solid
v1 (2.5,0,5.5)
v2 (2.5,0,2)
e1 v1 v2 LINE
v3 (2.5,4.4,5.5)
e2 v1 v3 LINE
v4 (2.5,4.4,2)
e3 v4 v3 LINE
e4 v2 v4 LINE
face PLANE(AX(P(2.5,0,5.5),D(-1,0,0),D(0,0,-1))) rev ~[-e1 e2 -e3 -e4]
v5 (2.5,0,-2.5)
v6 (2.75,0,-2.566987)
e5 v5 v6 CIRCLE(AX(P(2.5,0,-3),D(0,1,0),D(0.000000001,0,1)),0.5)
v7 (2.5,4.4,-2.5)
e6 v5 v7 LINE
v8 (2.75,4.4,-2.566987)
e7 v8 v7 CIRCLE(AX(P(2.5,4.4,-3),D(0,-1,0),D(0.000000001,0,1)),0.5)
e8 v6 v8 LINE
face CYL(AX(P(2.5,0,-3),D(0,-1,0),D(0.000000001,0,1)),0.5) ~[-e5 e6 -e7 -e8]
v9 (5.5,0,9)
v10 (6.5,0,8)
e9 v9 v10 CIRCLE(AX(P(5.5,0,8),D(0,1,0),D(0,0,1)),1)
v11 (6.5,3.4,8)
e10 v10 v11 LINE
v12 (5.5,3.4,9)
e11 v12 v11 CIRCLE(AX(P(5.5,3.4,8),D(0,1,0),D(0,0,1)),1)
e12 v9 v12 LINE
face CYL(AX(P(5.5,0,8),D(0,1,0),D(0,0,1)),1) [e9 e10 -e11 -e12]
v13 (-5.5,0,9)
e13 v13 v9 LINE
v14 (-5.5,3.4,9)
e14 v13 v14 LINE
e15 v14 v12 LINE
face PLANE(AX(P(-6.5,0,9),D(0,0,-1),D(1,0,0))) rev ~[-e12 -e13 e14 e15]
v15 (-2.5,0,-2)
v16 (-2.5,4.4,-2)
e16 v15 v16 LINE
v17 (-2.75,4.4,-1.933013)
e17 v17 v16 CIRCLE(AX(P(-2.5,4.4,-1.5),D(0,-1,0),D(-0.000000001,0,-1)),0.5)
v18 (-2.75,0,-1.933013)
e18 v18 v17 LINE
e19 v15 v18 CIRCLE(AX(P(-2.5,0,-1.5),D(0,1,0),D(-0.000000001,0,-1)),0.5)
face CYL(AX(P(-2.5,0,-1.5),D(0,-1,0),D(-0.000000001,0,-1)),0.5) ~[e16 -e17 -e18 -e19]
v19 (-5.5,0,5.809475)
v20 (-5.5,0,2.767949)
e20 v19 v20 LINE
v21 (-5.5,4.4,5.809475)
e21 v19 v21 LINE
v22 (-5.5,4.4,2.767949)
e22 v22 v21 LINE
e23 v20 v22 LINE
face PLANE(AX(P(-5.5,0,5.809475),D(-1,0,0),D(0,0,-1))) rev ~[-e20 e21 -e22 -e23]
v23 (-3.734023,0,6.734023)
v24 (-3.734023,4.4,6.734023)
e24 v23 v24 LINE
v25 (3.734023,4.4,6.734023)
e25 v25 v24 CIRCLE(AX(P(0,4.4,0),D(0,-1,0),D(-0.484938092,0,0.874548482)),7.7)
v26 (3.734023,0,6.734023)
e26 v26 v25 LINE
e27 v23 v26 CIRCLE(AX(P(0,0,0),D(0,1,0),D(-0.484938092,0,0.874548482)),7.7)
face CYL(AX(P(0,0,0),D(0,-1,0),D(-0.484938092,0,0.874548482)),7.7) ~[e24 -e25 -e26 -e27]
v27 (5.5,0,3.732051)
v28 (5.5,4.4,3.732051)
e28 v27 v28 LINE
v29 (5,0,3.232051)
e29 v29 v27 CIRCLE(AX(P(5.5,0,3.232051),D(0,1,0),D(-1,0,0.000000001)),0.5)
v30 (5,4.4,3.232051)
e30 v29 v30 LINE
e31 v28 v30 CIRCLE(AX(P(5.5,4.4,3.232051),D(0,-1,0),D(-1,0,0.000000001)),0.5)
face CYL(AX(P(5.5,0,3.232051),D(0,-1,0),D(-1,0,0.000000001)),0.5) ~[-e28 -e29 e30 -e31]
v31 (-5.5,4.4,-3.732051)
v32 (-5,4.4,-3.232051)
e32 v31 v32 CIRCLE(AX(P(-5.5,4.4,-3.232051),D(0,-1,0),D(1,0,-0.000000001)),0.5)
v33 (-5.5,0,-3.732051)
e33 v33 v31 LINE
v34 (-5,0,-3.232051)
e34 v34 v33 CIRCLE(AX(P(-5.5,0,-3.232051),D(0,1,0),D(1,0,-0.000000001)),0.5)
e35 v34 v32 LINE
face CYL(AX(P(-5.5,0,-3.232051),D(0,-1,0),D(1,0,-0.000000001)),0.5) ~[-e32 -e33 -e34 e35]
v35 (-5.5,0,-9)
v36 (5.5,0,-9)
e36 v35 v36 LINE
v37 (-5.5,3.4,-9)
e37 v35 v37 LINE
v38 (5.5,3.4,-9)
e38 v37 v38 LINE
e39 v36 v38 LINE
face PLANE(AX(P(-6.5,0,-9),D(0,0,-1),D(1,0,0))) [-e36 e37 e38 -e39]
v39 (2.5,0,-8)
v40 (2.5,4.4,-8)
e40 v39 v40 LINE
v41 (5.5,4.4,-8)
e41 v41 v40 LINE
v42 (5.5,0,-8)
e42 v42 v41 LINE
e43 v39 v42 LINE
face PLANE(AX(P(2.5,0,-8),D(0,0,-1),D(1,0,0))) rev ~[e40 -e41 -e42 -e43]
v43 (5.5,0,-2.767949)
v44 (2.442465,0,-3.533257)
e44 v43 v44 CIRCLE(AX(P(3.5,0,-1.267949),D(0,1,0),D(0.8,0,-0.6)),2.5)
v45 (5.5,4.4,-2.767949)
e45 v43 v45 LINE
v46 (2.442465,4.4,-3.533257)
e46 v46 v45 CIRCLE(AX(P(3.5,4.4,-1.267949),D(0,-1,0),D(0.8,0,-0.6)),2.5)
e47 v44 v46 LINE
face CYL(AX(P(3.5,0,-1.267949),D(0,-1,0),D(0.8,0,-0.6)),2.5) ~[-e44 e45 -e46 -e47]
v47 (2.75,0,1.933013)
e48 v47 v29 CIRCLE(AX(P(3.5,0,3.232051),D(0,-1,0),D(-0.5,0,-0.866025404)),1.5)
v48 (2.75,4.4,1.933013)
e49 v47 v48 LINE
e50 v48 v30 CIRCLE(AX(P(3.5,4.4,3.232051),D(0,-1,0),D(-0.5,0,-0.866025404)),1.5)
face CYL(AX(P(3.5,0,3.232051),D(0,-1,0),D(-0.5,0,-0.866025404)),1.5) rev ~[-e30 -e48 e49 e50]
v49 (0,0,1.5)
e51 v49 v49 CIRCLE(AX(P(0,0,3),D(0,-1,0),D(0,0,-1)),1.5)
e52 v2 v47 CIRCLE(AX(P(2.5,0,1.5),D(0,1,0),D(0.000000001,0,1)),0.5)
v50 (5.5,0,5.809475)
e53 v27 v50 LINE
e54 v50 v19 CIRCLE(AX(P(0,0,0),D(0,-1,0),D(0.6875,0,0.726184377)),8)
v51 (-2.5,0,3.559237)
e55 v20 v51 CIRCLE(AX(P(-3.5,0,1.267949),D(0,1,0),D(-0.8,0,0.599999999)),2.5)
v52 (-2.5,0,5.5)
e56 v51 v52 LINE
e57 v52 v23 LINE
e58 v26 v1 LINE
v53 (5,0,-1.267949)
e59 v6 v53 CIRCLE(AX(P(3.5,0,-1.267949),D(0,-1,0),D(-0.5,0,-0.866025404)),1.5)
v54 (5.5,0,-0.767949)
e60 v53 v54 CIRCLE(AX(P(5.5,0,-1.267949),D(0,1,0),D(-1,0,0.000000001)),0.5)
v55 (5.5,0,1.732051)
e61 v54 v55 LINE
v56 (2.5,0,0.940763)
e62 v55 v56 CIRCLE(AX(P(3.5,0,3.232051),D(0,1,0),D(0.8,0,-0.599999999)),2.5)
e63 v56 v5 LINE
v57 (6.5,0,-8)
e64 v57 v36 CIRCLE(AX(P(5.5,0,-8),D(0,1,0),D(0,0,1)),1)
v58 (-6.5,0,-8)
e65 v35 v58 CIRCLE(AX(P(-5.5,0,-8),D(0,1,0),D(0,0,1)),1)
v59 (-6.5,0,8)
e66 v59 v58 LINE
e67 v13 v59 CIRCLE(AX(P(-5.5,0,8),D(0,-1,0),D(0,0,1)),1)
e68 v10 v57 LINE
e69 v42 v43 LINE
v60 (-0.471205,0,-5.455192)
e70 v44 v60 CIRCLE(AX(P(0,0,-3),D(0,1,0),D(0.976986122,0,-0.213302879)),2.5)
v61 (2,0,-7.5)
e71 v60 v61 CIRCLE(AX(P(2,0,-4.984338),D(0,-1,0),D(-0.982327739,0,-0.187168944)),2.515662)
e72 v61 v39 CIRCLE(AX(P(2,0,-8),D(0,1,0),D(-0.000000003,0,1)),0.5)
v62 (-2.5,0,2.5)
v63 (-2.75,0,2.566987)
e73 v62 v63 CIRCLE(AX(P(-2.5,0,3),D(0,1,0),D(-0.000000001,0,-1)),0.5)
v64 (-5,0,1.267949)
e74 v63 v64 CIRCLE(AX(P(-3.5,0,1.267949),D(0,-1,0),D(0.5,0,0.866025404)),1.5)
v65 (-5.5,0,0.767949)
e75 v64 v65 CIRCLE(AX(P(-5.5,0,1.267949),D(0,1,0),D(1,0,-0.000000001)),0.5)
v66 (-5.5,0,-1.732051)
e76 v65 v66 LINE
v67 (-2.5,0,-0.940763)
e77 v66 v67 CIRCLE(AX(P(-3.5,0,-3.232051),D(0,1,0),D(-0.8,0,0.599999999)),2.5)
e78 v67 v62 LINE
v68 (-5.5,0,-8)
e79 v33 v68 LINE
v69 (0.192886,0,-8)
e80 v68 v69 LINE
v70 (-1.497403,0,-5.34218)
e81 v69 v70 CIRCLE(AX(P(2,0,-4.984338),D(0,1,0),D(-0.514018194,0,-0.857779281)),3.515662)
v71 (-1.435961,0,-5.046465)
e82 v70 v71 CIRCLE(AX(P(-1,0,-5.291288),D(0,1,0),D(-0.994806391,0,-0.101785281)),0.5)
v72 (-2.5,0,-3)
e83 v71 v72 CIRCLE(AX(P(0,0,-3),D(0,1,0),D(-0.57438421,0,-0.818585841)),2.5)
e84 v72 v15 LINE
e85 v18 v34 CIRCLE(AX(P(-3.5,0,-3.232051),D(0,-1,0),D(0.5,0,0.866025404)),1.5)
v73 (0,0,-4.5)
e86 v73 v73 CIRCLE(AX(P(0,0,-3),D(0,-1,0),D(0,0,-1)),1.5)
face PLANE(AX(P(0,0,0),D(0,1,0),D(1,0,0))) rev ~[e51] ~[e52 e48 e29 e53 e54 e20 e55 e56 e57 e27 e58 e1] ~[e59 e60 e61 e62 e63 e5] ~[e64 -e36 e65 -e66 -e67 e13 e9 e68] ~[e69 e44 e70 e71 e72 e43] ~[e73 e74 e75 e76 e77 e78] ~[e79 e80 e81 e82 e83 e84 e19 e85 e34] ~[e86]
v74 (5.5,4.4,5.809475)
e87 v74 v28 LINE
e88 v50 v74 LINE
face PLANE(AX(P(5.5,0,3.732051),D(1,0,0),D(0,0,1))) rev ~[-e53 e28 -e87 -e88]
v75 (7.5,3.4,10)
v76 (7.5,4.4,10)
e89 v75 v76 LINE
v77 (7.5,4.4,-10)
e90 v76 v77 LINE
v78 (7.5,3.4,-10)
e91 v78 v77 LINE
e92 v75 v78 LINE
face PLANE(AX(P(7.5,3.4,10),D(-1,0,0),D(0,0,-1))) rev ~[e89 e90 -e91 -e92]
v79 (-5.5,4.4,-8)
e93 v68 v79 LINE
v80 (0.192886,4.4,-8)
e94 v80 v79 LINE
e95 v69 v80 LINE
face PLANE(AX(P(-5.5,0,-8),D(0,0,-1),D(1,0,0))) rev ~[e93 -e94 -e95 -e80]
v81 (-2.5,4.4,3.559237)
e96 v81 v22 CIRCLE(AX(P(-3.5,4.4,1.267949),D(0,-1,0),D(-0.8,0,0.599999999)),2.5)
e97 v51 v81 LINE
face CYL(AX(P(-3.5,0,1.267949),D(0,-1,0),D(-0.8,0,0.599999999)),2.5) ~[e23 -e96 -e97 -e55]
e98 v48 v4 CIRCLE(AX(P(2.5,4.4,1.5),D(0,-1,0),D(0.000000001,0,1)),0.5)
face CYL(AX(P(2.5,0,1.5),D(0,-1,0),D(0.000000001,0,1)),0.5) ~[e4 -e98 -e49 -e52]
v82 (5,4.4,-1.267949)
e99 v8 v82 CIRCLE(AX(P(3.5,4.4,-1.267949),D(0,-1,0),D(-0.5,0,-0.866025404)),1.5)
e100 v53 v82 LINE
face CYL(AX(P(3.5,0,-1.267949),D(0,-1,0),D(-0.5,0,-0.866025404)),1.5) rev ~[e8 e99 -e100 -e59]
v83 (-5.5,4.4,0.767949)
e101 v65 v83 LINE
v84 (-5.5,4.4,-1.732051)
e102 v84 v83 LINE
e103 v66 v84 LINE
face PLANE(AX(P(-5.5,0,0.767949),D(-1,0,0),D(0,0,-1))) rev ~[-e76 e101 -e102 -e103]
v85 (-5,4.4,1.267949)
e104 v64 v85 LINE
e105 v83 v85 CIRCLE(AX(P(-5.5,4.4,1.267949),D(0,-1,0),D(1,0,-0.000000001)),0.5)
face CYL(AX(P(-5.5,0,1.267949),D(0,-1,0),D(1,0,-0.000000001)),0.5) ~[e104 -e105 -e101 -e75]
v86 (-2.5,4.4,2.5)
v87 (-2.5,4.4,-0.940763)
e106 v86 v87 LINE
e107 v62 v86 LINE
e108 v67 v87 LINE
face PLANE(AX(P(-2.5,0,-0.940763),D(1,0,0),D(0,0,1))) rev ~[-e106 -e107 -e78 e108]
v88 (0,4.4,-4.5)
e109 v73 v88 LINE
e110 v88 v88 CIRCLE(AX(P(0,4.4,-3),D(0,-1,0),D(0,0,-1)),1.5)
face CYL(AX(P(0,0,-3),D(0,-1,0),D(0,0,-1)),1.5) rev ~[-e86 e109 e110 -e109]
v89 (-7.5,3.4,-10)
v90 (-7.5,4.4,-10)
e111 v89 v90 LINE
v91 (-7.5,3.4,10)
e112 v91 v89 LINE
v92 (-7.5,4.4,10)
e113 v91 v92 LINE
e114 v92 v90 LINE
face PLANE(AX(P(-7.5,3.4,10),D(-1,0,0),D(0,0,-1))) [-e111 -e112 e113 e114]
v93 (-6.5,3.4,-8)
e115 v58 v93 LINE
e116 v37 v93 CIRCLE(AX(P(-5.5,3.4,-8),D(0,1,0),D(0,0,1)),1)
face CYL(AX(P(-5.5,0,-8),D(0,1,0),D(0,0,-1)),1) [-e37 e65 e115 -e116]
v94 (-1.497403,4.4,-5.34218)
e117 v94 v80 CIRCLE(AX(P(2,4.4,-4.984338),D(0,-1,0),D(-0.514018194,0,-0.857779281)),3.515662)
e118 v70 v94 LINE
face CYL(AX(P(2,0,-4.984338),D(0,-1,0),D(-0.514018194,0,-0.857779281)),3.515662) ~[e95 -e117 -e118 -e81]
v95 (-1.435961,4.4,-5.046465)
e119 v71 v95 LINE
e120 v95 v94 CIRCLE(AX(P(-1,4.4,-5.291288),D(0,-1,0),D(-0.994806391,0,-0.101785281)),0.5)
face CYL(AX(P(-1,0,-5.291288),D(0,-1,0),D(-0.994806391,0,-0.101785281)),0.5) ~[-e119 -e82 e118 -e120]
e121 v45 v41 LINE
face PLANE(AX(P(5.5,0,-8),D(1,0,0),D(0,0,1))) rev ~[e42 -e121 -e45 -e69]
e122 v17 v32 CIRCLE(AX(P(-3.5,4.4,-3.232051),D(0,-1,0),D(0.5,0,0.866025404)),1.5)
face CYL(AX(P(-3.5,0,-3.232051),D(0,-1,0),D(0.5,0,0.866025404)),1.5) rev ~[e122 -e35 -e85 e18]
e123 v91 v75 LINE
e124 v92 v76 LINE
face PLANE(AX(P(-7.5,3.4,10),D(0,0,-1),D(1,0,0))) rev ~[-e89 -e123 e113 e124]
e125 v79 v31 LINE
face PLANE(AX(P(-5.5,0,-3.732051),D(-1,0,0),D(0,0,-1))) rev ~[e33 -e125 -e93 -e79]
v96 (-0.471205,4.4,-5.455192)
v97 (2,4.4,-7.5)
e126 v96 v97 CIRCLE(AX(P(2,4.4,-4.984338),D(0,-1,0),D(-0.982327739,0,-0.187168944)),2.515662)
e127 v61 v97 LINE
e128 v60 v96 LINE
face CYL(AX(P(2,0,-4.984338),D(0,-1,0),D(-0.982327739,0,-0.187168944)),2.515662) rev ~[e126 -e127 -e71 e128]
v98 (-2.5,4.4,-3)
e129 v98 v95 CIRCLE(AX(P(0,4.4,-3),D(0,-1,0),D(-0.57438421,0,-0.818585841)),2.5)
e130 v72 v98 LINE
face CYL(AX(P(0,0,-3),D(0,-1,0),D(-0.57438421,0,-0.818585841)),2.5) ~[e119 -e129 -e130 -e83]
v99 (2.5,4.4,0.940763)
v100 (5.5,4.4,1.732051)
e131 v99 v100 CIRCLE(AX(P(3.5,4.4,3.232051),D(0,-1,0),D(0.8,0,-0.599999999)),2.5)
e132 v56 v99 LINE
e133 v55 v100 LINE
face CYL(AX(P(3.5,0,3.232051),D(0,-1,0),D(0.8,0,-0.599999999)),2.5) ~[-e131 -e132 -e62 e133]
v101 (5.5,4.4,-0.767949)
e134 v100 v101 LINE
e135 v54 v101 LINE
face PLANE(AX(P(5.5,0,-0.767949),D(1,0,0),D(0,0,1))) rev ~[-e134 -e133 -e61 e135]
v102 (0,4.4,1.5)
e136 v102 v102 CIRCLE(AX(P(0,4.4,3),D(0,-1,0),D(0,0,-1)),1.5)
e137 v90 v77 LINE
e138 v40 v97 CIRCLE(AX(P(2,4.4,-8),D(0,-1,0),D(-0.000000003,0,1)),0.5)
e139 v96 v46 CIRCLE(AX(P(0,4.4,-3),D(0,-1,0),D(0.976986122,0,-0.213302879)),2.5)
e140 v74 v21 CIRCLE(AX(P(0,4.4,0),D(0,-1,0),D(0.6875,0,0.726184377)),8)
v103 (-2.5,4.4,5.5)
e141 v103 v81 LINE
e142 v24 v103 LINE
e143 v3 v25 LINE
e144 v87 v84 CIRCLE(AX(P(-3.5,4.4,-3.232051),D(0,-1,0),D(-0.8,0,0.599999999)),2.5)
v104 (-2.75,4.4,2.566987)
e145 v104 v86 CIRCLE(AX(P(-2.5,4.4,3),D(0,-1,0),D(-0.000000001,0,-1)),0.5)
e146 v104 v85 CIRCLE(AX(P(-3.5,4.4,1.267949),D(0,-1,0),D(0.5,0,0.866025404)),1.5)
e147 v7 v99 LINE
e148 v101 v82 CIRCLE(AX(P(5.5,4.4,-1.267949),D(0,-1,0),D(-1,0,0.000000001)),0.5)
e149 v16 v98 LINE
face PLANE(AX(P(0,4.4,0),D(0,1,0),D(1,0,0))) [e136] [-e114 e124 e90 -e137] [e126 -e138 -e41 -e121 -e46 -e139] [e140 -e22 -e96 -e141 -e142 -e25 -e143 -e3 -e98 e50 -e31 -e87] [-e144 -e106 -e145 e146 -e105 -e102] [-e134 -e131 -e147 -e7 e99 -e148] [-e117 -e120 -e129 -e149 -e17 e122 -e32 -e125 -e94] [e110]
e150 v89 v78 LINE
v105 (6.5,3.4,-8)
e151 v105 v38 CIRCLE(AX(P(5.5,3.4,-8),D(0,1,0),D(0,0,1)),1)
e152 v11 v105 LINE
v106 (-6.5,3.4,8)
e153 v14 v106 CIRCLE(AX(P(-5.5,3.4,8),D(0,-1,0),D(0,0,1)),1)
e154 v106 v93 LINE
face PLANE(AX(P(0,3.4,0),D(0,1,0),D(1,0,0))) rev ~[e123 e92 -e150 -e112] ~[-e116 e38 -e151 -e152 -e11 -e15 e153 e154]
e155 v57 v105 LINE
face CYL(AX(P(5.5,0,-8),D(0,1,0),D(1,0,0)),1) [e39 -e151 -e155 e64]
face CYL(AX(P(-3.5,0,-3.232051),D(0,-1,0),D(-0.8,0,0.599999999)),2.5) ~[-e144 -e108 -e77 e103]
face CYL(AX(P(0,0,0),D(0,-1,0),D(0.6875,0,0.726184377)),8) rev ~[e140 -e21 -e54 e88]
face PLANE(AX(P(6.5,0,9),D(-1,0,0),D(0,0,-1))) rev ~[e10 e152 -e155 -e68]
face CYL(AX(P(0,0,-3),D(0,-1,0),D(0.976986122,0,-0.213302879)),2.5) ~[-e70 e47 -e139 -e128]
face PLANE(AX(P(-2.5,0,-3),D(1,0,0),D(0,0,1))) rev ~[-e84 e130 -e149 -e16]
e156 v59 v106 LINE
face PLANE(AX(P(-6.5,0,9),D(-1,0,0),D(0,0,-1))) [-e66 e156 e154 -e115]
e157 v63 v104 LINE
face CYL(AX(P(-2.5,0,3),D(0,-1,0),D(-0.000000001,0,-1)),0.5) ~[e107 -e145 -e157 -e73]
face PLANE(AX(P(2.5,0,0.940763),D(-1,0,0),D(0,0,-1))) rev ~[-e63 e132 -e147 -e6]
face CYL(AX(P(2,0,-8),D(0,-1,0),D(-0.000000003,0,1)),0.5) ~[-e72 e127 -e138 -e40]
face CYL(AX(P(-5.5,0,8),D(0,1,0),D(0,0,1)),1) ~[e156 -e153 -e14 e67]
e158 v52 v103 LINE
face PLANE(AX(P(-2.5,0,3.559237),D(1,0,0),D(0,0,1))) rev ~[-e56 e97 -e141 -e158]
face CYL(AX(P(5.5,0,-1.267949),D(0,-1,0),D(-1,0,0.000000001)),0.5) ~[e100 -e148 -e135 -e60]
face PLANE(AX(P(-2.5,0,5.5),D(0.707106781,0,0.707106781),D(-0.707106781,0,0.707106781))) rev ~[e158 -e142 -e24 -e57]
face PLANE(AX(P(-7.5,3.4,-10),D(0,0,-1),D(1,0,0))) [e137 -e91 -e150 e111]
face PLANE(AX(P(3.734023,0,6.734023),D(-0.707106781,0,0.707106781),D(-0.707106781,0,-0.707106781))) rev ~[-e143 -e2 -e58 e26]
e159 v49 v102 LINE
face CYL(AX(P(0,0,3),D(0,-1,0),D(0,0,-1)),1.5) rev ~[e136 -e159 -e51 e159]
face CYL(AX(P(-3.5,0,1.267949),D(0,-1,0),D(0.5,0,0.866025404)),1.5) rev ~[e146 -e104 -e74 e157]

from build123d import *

# Parameters (mm, degrees)
SKETCH1_W           = 13
SKETCH1_H           = 18
BOSS_EXTRUDE1_DEPTH = 3.4
SKETCH2_W           = 15
SKETCH2_H           = 20
BOSS_EXTRUDE2_DEPTH = 1
SKETCH4_R           = 1.5
CUT_EXTRUDE2_DEPTH  = 14.251792332
FILLET1_R           = 1


with BuildPart() as part:
    # Sketch1 → Boss-Extrude1 (new body)
    with BuildSketch(Plane(origin=(0, 0, 0), x_dir=(1, 0, 0), z_dir=(0, 1, 0))):
        Rectangle(SKETCH1_W, SKETCH1_H)
    extrude(amount=BOSS_EXTRUDE1_DEPTH)

    # Sketch2 → Boss-Extrude2 (add)
    with BuildSketch(Plane(origin=(0, 3.4, 0), x_dir=(1, 0, 0), z_dir=(0, 1, 0))):
        Rectangle(SKETCH2_W, SKETCH2_H)
    extrude(amount=BOSS_EXTRUDE2_DEPTH)

    # Sketch4 → Cut-Extrude2 (cut, through all)
    with BuildSketch(Plane.XZ):
        with BuildLine():
            Line((-2.5, 5.5), (-3.734023309, 6.734023309))
            ThreePointArc((-3.734023309, 6.734023309), (0, 7.7), (3.734023309, 6.734023309))
            Line((3.734023309, 6.734023309), (2.5, 5.5))
            Line((2.5, 5.5), (2.5, 2))
            ThreePointArc((2.5, 2), (2.629409523, 1.982962913), (2.75, 1.933012702))
            ThreePointArc((2.75, 1.933012702), (4.25, 1.933012702), (5, 3.232050808))
            ThreePointArc((5, 3.232050808), (5.146446609, 3.585604198), (5.5, 3.732050808))
            Line((5.5, 3.732050808), (5.5, 5.809475019))
            ThreePointArc((5.5, 5.809475019), (0, 8), (-5.5, 5.809475019))
            Line((-5.5, 5.809475019), (-5.5, 2.767949192))
            ThreePointArc((-5.5, 2.767949192), (-4.137600278, 3.685275378), (-2.5, 3.55923704))
            Line((-2.5, 3.55923704), (-2.5, 5.5))
        make_face()
        with Locations(Location((0, 3, 0), (0, 0, 270))):
            Circle(SKETCH4_R)
        with BuildLine():
            Line((-2.5, -0.94076296), (-2.5, 2.5))
            ThreePointArc((-2.5, 2.5), (-2.629409523, 2.517037087), (-2.75, 2.566987298))
            ThreePointArc((-2.75, 2.566987298), (-4.25, 2.566987298), (-5, 1.267949192))
            ThreePointArc((-5, 1.267949192), (-5.146446609, 0.914395802), (-5.5, 0.767949192))
            Line((-5.5, 0.767949192), (-5.5, -1.732050808))
            ThreePointArc((-5.5, -1.732050808), (-4.137600278, -0.814724622), (-2.5, -0.94076296))
        make_face()
        with BuildLine():
            ThreePointArc((5.5, 1.732050808), (4.137600278, 0.814724622), (2.5, 0.94076296))
            Line((2.5, 0.94076296), (2.5, -2.5))
            ThreePointArc((2.5, -2.5), (2.629409523, -2.517037087), (2.75, -2.566987298))
            ThreePointArc((2.75, -2.566987298), (4.25, -2.566987298), (5, -1.267949192))
            ThreePointArc((5, -1.267949192), (5.146446609, -0.914395802), (5.5, -0.767949192))
            Line((5.5, -0.767949192), (5.5, 1.732050808))
        make_face()
        with Locations(Location((0, -3, 0), (0, 0, 270))):
            Circle(SKETCH4_R)
        with BuildLine():
            Line((-2.5, -3), (-2.5, -2))
            ThreePointArc((-2.5, -2), (-2.629409523, -1.982962913), (-2.75, -1.933012702))
            ThreePointArc((-2.75, -1.933012702), (-4.25, -1.933012702), (-5, -3.232050808))
            ThreePointArc((-5, -3.232050808), (-5.146446609, -3.585604198), (-5.5, -3.732050808))
            Line((-5.5, -3.732050808), (-5.5, -8))
            Line((-5.5, -8), (0.192885679, -8))
            ThreePointArc((0.192885679, -8), (-0.966559904, -6.870975799), (-1.497403196, -5.342180487))
            ThreePointArc((-1.497403196, -5.342180487), (-1.489544615, -5.189572213), (-1.435960525, -5.046464603))
            ThreePointArc((-1.435960525, -5.046464603), (-2.218096178, -4.153277653), (-2.5, -3))
        make_face()
        with BuildLine():
            ThreePointArc((5.5, -2.767949192), (4.107029075, -3.693132835), (2.442465304, -3.533257199))
            ThreePointArc((2.442465304, -3.533257199), (1.376562779, -5.086881625), (-0.471204729, -5.455191663))
            ThreePointArc((-0.471204729, -5.455191663), (0.396247062, -6.922515496), (2, -7.5))
            ThreePointArc((2, -7.5), (2.353553391, -7.646446609), (2.5, -8))
            Line((2.5, -8), (5.5, -8))
            Line((5.5, -8), (5.5, -2.767949192))
        make_face()
    extrude(amount=-CUT_EXTRUDE2_DEPTH, mode=Mode.SUBTRACT)

    # Fillet1
    fillet1_edges = [part.edges().sort_by_distance(p)[0] for p in [
        (6.5, 1.7, 9),
        (-6.5, 1.7, 9),
        (-6.5, 1.7, -9),
        (6.5, 1.7, -9),
    ]]
    fillet(fillet1_edges, radius=FILLET1_R)


solid = part.part
